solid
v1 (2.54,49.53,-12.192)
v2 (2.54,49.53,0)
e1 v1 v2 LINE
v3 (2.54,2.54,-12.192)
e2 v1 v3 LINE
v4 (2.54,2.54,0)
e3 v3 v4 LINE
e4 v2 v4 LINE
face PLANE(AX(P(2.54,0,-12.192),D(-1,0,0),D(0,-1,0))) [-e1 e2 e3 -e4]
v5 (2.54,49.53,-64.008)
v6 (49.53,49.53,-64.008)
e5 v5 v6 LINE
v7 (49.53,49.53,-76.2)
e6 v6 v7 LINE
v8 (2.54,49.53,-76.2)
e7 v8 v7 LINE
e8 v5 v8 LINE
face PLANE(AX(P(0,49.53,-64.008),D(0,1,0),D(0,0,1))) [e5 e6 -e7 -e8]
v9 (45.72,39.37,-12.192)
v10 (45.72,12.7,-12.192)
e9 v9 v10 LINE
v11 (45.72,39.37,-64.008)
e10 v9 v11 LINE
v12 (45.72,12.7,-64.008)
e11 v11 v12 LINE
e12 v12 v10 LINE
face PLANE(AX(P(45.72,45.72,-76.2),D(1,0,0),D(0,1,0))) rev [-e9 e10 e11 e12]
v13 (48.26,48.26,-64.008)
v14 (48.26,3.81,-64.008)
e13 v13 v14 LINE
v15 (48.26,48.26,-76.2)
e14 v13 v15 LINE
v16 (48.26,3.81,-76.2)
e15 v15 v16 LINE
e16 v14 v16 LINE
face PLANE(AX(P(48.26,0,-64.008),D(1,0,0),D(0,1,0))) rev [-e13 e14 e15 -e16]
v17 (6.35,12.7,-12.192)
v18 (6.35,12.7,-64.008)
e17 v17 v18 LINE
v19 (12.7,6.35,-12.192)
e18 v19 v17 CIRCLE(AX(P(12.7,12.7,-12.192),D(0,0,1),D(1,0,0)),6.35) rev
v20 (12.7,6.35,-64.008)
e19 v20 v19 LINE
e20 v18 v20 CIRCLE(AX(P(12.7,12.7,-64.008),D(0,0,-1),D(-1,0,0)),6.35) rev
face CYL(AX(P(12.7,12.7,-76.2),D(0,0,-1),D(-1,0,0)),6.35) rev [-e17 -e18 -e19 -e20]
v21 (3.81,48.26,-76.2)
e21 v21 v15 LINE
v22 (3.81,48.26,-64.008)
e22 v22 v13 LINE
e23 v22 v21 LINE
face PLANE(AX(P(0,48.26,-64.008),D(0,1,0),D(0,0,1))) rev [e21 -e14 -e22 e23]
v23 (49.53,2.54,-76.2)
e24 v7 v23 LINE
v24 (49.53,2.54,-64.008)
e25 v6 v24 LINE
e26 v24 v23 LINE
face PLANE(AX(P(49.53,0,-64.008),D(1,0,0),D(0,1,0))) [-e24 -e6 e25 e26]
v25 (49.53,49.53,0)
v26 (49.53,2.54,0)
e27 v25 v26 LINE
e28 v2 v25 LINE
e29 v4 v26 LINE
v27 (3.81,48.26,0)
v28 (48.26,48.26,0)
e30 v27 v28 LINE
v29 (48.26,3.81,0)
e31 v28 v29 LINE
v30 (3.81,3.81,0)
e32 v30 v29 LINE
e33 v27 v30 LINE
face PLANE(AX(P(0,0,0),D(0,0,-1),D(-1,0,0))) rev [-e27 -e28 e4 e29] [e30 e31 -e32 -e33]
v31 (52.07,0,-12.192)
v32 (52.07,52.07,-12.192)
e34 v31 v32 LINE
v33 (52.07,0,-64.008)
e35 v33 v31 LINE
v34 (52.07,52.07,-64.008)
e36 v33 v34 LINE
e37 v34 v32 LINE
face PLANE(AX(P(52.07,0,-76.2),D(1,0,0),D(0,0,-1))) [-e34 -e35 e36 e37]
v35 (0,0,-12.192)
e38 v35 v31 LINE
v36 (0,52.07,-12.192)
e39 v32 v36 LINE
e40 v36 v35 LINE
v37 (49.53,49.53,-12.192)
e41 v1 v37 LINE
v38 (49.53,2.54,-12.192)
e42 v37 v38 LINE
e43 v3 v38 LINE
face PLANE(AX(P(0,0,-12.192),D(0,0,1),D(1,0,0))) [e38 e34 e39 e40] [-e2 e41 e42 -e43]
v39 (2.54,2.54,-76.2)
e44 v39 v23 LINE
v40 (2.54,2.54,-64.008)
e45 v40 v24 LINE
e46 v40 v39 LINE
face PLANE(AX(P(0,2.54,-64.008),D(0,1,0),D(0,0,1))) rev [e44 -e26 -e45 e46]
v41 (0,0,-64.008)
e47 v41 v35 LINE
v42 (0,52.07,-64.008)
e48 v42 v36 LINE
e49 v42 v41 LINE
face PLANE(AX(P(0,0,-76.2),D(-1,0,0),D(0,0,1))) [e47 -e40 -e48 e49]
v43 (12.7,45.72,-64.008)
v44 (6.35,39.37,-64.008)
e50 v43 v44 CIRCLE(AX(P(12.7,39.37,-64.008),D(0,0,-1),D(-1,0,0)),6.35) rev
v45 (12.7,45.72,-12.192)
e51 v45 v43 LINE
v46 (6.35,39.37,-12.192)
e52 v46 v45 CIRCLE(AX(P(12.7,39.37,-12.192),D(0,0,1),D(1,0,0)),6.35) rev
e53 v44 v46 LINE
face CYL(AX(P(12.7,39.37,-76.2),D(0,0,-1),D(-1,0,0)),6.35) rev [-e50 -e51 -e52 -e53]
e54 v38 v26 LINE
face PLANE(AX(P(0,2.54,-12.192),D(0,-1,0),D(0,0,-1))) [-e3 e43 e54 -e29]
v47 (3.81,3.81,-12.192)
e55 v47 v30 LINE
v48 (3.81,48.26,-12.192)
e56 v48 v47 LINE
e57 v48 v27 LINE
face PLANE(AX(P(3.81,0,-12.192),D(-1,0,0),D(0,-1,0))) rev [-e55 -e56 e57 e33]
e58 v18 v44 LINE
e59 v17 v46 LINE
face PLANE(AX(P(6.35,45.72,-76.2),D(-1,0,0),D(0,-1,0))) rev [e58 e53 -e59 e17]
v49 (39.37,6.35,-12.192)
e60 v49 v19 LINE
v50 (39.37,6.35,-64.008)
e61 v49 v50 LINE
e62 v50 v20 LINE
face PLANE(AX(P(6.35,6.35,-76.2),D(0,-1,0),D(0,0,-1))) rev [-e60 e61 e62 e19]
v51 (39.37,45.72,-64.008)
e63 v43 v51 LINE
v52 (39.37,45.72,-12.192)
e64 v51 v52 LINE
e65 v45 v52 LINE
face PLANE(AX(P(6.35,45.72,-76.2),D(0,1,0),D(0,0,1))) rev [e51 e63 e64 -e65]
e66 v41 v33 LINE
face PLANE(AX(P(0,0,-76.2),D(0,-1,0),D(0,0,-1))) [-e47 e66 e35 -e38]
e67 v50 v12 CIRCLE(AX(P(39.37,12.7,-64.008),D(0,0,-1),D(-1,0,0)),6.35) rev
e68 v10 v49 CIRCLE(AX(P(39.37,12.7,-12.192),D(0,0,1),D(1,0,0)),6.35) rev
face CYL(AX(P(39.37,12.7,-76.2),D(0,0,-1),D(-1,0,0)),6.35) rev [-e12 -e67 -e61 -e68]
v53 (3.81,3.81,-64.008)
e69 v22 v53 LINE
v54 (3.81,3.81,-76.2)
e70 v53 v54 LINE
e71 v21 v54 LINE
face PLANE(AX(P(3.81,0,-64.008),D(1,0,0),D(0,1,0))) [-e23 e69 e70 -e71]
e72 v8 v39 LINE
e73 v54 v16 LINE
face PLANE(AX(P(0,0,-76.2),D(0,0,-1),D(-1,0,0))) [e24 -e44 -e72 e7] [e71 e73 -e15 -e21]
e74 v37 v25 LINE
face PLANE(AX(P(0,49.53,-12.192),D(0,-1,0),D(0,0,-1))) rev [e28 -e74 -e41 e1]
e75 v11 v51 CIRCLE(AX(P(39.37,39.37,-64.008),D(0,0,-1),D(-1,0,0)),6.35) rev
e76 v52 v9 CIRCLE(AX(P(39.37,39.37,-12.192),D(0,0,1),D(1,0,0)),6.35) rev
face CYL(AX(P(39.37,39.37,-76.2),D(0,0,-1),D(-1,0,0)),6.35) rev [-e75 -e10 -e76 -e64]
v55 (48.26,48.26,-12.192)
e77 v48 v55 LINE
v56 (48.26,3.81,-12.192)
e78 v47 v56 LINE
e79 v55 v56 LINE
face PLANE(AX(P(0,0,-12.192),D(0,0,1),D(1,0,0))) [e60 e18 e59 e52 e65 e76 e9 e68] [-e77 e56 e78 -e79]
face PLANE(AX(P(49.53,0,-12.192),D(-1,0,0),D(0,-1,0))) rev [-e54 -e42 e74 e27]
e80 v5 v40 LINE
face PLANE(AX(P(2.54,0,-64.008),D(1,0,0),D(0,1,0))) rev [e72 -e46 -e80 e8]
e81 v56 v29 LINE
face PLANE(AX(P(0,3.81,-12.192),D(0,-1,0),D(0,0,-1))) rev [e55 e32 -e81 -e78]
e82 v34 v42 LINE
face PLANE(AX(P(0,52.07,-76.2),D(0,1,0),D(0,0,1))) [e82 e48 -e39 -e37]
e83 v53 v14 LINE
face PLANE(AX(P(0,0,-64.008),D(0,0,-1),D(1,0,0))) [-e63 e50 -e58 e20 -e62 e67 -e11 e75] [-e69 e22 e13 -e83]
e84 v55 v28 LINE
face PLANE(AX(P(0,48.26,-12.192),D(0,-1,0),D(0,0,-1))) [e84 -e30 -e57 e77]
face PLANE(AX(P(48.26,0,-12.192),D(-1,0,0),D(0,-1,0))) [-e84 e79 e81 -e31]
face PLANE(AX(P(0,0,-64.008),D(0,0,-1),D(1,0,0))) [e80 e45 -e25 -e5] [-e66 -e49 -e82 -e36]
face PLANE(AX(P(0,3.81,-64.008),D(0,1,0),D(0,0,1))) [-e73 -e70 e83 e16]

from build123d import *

# Parameters (mm, degrees)
SKETCH1_W           = 52.07
SKETCH1_H           = 52.07
BOSS_EXTRUDE1_DEPTH = 76.2
SKETCH2_W           = 39.37
SKETCH2_H           = 39.37
CUT_EXTRUDE1_DEPTH  = 106.967022229
SKETCH3_W           = 52.07
SKETCH3_H           = 52.07
SKETCH3_W_2         = 46.99
SKETCH3_H_2         = 46.99
SKETCH3_W_3         = 44.45
SKETCH3_H_3         = 44.45
SKETCH3_W_4         = 39.37
SKETCH3_H_4         = 39.37
CUT_EXTRUDE2_DEPTH  = 12.192
FILLET1_R           = 6.35


with BuildPart() as part:
    # Sketch1 → Boss-Extrude1 (new body)
    with BuildSketch(Plane.XY):
        with Locations((26.035, 26.035)):
            Rectangle(SKETCH1_W, SKETCH1_H)
    extrude(amount=-BOSS_EXTRUDE1_DEPTH)

    # Sketch2 → Cut-Extrude1 (cut, through all)
    with BuildSketch(Plane.XY):
        with Locations((26.035, 26.035)):
            Rectangle(SKETCH2_W, SKETCH2_H)
    extrude(amount=-CUT_EXTRUDE1_DEPTH, mode=Mode.SUBTRACT)

    # Sketch3 → Cut-Extrude2 (cut)
    # profile 1 of 2: a face of its own
    with BuildSketch(Plane.XY):
        with Locations((26.035, 26.035)):
            Rectangle(SKETCH3_W, SKETCH3_H)
        with Locations((26.035, 26.035)):
            Rectangle(SKETCH3_W_2, SKETCH3_H_2, mode=Mode.SUBTRACT)
    # profile 2 of 2: a face of its own
    with BuildSketch(Plane.XY):
        with Locations((26.035, 26.035)):
            Rectangle(SKETCH3_W_3, SKETCH3_H_3)
        with Locations((26.035, 26.035)):
            Rectangle(SKETCH3_W_4, SKETCH3_H_4, mode=Mode.SUBTRACT)
    cut_extrude2 = extrude(amount=-CUT_EXTRUDE2_DEPTH, mode=Mode.SUBTRACT)

    # Mirror1: Cut-Extrude2 across plane
    add(cut_extrude2.mirror(Plane(origin=(0, 0, -38.1), x_dir=(1, 0, 0), z_dir=(0, 0, -1))), mode=Mode.SUBTRACT)

    # Fillet1
    fillet1_edges = [part.edges().sort_by_distance(p)[0] for p in [
        (45.72, 6.35, -38.1),
        (6.35, 6.35, -38.1),
        (45.72, 45.72, -38.1),
        (6.35, 45.72, -38.1),
    ]]
    fillet(fillet1_edges, radius=FILLET1_R)


solid = part.part
